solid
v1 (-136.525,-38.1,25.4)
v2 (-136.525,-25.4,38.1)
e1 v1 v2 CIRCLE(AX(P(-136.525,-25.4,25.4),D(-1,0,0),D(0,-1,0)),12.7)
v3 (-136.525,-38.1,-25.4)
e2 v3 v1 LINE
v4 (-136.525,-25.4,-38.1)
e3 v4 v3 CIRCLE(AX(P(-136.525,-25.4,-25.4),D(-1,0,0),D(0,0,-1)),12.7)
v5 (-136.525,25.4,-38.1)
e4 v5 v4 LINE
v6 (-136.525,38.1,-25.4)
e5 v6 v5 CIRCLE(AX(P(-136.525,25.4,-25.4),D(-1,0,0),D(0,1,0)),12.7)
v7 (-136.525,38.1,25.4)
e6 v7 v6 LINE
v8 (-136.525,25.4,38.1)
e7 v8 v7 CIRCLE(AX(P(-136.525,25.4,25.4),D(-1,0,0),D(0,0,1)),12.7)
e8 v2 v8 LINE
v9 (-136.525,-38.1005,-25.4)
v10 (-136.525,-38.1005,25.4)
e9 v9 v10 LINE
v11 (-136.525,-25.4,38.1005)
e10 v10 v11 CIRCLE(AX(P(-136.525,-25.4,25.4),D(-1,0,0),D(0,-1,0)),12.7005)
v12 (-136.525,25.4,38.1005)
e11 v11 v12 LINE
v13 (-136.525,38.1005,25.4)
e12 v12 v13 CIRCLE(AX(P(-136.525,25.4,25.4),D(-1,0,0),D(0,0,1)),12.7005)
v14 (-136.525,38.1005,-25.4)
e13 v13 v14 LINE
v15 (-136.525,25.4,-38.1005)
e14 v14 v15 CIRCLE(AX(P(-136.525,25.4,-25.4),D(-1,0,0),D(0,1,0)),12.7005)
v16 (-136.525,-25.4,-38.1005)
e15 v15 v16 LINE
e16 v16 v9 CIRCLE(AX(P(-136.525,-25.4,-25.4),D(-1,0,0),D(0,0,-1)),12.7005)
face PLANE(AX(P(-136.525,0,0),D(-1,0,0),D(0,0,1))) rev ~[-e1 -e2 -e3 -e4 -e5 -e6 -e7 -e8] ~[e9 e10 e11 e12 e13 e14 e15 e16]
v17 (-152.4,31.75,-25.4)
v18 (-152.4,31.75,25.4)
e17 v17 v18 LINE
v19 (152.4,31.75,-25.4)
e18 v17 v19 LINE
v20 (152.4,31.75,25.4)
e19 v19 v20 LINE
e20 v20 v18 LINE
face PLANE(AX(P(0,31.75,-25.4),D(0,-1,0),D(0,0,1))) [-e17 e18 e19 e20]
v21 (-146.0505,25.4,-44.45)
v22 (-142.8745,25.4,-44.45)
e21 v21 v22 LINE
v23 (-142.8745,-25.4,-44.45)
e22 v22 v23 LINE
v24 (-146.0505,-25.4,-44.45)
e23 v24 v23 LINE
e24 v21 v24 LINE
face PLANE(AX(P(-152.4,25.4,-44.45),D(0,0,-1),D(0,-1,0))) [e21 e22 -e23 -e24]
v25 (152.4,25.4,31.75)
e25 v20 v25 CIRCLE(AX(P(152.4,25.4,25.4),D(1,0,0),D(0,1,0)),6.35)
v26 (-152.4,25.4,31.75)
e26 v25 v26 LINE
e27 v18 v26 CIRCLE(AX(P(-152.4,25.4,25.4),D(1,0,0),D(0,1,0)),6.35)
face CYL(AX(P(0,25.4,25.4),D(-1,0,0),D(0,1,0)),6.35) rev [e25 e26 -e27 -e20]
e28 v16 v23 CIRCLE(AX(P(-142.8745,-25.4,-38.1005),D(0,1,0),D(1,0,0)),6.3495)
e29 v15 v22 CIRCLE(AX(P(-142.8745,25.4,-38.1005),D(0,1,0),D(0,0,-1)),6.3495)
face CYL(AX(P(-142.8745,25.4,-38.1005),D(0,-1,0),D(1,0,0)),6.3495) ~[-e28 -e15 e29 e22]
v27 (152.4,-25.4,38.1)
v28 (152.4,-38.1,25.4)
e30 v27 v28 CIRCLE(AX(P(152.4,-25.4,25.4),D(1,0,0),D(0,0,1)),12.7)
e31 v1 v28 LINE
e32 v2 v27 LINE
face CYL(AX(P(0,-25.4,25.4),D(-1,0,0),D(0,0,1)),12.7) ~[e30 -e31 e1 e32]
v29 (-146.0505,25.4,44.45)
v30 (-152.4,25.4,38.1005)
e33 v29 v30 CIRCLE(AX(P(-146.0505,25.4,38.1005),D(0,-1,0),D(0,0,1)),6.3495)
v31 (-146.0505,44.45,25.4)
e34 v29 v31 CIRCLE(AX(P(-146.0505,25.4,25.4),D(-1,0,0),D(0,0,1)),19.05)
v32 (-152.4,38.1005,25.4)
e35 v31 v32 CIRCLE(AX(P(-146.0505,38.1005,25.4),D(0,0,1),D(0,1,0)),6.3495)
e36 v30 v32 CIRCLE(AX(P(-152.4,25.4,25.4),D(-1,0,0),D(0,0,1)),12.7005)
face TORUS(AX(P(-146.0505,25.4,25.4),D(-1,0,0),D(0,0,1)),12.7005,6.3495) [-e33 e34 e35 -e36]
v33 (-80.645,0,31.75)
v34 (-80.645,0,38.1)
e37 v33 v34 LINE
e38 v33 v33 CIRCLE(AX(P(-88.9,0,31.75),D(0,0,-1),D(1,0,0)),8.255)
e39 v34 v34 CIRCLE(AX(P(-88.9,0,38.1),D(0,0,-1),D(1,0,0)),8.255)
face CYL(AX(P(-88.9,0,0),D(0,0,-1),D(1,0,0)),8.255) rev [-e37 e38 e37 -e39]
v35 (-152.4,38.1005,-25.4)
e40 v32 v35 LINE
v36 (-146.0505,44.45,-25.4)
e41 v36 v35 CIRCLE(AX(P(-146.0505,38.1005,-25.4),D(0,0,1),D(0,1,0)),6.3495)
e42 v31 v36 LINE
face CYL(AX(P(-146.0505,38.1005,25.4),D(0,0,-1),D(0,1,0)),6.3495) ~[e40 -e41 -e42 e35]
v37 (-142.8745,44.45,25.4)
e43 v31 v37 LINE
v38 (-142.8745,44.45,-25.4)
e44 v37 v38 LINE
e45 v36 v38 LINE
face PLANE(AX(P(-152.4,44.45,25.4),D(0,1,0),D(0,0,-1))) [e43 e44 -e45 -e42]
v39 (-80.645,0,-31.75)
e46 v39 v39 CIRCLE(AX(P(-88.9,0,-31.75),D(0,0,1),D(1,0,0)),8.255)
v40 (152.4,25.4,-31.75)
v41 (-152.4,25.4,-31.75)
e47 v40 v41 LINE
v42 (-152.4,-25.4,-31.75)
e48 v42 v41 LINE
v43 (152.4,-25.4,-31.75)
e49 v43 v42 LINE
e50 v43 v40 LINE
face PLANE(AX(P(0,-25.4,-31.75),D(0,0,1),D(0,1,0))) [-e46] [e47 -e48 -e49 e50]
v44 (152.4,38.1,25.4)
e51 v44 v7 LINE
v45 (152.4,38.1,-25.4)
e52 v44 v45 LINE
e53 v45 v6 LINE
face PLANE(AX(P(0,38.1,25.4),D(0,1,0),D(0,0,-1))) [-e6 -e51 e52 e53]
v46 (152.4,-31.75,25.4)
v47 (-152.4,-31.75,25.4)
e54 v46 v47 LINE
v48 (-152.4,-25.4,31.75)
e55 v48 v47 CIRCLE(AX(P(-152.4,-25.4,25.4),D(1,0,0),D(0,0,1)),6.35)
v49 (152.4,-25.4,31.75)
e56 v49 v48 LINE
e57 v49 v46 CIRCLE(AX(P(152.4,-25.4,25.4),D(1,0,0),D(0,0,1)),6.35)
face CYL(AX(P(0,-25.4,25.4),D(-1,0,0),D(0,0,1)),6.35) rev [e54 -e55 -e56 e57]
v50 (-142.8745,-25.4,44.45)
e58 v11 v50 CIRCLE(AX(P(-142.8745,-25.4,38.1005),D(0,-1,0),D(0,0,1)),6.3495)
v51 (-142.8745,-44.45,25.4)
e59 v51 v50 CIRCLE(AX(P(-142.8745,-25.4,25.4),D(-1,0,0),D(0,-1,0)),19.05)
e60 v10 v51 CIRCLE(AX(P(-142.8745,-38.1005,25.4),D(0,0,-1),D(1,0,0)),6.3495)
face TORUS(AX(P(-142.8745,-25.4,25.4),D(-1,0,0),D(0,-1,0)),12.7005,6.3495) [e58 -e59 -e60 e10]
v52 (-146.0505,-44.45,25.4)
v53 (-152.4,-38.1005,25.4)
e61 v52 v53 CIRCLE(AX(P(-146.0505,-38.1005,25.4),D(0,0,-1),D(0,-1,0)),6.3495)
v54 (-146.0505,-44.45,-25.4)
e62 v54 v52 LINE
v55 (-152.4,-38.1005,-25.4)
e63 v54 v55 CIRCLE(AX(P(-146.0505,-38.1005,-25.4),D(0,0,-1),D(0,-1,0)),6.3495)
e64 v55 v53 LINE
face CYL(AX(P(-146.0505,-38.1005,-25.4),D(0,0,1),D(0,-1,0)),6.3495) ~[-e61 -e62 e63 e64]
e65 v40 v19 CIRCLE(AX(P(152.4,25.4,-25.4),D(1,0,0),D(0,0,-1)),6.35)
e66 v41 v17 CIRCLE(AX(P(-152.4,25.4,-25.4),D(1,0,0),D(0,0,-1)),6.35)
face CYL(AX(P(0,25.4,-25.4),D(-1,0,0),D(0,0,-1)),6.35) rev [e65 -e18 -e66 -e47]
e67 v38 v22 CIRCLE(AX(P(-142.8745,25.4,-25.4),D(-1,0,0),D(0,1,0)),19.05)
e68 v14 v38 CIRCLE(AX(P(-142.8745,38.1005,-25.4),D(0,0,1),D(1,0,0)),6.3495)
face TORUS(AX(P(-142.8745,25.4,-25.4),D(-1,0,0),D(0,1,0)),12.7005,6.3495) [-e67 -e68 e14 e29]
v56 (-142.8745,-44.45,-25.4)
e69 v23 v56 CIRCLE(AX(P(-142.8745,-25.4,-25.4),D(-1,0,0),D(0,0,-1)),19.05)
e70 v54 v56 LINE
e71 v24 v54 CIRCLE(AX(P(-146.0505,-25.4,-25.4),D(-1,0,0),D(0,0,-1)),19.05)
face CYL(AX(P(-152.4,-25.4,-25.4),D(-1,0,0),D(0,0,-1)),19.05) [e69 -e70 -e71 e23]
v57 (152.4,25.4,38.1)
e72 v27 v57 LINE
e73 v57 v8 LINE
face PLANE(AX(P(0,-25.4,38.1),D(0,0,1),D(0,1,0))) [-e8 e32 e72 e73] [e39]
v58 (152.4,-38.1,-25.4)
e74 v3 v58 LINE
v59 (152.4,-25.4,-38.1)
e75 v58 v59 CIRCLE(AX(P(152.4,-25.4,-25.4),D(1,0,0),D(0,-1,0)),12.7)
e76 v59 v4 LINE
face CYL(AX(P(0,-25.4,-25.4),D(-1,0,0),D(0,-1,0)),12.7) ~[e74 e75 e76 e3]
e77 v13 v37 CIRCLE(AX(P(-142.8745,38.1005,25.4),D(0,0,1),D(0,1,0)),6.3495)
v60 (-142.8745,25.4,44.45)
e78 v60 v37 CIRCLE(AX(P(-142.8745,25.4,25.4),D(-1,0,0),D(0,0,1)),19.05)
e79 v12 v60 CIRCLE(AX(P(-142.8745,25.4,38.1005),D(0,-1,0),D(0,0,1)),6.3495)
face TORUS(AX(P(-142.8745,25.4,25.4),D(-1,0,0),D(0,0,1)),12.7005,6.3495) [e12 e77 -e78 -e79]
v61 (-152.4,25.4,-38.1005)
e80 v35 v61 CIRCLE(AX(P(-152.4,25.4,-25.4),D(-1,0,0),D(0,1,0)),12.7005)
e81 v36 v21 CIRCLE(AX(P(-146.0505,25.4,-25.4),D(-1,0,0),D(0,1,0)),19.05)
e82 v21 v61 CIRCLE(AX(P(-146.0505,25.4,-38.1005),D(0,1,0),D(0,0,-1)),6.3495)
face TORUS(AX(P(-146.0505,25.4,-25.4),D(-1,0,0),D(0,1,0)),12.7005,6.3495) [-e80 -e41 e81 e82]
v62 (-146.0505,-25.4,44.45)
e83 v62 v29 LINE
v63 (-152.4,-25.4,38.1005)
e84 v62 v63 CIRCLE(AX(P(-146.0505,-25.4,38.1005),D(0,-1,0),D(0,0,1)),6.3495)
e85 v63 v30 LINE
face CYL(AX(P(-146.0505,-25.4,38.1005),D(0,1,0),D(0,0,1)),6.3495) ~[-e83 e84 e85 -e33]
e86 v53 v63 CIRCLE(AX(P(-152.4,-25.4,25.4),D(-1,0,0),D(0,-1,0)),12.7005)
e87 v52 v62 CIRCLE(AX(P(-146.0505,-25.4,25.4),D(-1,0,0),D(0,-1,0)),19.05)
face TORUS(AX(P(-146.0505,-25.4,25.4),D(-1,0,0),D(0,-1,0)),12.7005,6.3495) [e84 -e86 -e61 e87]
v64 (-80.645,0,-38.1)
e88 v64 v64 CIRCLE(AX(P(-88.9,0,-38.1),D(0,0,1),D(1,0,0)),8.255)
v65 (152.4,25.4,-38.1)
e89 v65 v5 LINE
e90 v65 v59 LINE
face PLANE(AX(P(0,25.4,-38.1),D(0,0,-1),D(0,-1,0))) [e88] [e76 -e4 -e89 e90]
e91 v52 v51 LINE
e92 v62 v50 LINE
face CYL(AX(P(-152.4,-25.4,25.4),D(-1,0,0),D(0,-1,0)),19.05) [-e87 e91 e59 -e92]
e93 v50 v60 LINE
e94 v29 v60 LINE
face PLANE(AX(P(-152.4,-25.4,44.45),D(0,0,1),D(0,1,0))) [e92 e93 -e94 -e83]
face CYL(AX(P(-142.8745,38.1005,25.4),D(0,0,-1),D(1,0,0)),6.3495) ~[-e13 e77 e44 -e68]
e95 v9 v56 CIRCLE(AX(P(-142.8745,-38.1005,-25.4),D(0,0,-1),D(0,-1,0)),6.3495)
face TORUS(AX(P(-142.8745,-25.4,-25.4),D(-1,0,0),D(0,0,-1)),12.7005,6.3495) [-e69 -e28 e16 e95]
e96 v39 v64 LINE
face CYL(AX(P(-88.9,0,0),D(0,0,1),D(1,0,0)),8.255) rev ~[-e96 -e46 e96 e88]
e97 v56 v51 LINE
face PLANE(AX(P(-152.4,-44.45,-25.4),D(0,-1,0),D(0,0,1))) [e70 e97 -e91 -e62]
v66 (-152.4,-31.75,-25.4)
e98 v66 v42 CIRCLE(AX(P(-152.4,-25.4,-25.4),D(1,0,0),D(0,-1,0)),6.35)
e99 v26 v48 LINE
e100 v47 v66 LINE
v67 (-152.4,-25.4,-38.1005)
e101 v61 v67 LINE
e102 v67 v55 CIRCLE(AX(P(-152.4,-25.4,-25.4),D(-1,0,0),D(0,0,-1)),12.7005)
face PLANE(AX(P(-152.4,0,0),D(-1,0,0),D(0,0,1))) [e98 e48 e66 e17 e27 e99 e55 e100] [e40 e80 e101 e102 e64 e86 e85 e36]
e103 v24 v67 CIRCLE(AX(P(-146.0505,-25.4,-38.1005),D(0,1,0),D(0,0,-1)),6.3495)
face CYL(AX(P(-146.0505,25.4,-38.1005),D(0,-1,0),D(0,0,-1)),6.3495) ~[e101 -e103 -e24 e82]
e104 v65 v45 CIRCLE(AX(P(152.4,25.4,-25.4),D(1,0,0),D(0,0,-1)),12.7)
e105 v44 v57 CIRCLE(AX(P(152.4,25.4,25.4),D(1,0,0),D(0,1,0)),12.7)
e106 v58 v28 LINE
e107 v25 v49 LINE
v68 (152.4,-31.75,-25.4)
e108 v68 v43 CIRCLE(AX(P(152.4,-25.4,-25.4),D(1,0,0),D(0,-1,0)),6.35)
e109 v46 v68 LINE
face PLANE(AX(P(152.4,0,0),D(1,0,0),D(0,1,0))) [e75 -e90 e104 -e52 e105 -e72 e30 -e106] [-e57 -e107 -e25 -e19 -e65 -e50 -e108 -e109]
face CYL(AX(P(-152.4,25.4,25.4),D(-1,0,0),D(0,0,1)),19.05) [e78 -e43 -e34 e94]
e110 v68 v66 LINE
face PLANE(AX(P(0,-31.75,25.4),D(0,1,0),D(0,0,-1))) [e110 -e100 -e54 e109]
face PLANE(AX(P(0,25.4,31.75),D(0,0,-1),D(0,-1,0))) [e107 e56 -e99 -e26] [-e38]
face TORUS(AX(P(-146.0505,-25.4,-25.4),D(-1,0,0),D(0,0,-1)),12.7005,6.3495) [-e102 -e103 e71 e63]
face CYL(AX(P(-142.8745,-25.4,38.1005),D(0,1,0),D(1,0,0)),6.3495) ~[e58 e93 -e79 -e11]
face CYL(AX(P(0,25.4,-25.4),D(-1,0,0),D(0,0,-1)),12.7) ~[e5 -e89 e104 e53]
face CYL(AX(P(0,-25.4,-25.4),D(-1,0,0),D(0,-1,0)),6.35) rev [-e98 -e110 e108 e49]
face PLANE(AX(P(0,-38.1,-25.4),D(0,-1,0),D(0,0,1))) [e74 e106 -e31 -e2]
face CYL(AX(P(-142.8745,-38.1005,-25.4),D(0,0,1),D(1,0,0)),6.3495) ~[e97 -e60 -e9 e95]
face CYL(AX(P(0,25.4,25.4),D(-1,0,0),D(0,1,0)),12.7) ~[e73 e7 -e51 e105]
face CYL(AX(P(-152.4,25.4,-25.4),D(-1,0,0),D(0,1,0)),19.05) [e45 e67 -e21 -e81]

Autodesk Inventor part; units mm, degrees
ref_plane "YZ Plane" through (0, 0, 0) normal (1, 0, 0) x (0, 1, 0)
ref_plane "XZ Plane" through (0, 0, 0) normal (0, 1, 0) x (-1, 0, 0)
ref_plane "XY Plane" through (0, 0, 0) normal (0, 0, 1) x (1, 0, 0)
sketch "Sketch5" plane through (0, 0, 0) normal (1, 0, 0) x (0, 1, 0)
  line L0 (-25.4, 38.1) -> (25.4, 38.1)
  line L1 (38.1, 25.4) -> (38.1, -25.4)
  line L2 (25.4, -38.1) -> (-25.4, -38.1)
  line L3 (-38.1, -25.4) -> (-38.1, 25.4)
  line L4 (-38.1, 38.1) -> (38.1, -38.1) construction
  line L5 (38.1, 38.1) -> (-38.1, -38.1) construction
  arc A0 (38.1, 25.4) -> (25.4, 38.1) centre (25.4, 25.4) ccw
  arc A1 (25.4, -38.1) -> (38.1, -25.4) centre (25.4, -25.4) ccw
  arc A2 (-38.1, -25.4) -> (-25.4, -38.1) centre (-25.4, -25.4) ccw
  arc A3 (-25.4, 38.1) -> (-38.1, 25.4) centre (-25.4, 25.4) ccw
  line L6 (31.75, -25.4) -> (31.75, 25.4)
  arc A4 (31.75, 25.4) -> (25.4, 31.75) centre (25.4, 25.4) ccw
  line L7 (25.4, 31.75) -> (-25.4, 31.75)
  arc A5 (-25.4, 31.75) -> (-31.75, 25.4) centre (-25.4, 25.4) ccw
  line L8 (-31.75, 25.4) -> (-31.75, -25.4)
  arc A6 (-31.75, -25.4) -> (-25.4, -31.75) centre (-25.4, -25.4) ccw
  line L9 (-25.4, -31.75) -> (25.4, -31.75)
  arc A7 (25.4, -31.75) -> (31.75, -25.4) centre (25.4, -25.4) ccw
  point P0 (0, 0)
  dimension "d6" = 76.2
  dimension "d7" = 76.2
  dimension "d8" = 12.7
  dimension "d9" = 6.35
extrude "Extrusion4" add sketch "Sketch5" along normal mid plane 304.8
sketch "Sketch7" plane through (-152.4, 0, 0) normal (-1, 0, 0) x (0, 0, 1)
  arc A0 (-38.1, -25.4) -> (-25.4, -38.1) centre (-25.4, -25.4) ccw projected
  line L0 (-25.4, -38.1) -> (25.4, -38.1) projected
  arc A1 (25.4, -38.1) -> (38.1, -25.4) centre (25.4, -25.4) ccw projected
  line L1 (38.1, -25.4) -> (38.1, 25.4) projected
  arc A2 (38.1, 25.4) -> (25.4, 38.1) centre (25.4, 25.4) ccw projected
  line L2 (25.4, 38.1) -> (-25.4, 38.1) projected
  arc A3 (-25.4, 38.1) -> (-38.1, 25.4) centre (-25.4, 25.4) ccw projected
  line L3 (-38.1, 25.4) -> (-38.1, -25.4) projected
  arc A4 (-44.45, -25.4) -> (-25.4, -44.45) centre (-25.4, -25.4) ccw
  line L4 (-25.4, -44.45) -> (25.4, -44.45)
  arc A5 (25.4, -44.45) -> (44.45, -25.4) centre (25.4, -25.4) ccw
  line L5 (44.45, -25.4) -> (44.45, 25.4)
  arc A6 (44.45, 25.4) -> (25.4, 44.45) centre (25.4, 25.4) ccw
  line L6 (25.4, 44.45) -> (-25.4, 44.45)
  arc A7 (-25.4, 44.45) -> (-44.45, 25.4) centre (-25.4, 25.4) ccw
  line L7 (-44.45, 25.4) -> (-44.45, -25.4)
  point P0 (0, 0)
extrude "Extrusion5" add sketch "Sketch7" against normal blind 15.875
fillet "Fillet1" radius 6.35 16 edges at (-152.4, 38.8704, -38.8704) (-152.4, 0, -44.45) (-152.4, -38.8704, -38.8704) (-152.4, -44.45, 0) (-152.4, -38.8704, 38.8704) (-152.4, 0, 44.45) (-152.4, 38.8704, 38.8704) (-152.4, 44.45, 0) (-136.525, 38.8704, 38.8704) (-136.525, 0, 44.45) (-136.525, -38.8704, 38.8704) (-136.525, -44.45, 0) (-136.525, -38.8704, -38.8704) (-136.525, 0, -44.45) (-136.525, 38.8704, -38.8704) (-136.525, 44.45, 0)
sketch "Sketch8" plane through (0, 0, 0) normal (0, 0, 1) x (1, 0, 0)
  circle A0 centre (-88.9, 0) radius 8.255
  line L0 (-152.4, 25.4) -> (-152.4, -25.4) projected
  point P0 (0, 0)
  dimension "d15" = 63.5
  dimension "d16" = 16.51
extrude "Extrusion6" cut sketch "Sketch8" along normal through all both and the other way through all
properties part number "Model-1_Base Tube-3" material "SS304"
